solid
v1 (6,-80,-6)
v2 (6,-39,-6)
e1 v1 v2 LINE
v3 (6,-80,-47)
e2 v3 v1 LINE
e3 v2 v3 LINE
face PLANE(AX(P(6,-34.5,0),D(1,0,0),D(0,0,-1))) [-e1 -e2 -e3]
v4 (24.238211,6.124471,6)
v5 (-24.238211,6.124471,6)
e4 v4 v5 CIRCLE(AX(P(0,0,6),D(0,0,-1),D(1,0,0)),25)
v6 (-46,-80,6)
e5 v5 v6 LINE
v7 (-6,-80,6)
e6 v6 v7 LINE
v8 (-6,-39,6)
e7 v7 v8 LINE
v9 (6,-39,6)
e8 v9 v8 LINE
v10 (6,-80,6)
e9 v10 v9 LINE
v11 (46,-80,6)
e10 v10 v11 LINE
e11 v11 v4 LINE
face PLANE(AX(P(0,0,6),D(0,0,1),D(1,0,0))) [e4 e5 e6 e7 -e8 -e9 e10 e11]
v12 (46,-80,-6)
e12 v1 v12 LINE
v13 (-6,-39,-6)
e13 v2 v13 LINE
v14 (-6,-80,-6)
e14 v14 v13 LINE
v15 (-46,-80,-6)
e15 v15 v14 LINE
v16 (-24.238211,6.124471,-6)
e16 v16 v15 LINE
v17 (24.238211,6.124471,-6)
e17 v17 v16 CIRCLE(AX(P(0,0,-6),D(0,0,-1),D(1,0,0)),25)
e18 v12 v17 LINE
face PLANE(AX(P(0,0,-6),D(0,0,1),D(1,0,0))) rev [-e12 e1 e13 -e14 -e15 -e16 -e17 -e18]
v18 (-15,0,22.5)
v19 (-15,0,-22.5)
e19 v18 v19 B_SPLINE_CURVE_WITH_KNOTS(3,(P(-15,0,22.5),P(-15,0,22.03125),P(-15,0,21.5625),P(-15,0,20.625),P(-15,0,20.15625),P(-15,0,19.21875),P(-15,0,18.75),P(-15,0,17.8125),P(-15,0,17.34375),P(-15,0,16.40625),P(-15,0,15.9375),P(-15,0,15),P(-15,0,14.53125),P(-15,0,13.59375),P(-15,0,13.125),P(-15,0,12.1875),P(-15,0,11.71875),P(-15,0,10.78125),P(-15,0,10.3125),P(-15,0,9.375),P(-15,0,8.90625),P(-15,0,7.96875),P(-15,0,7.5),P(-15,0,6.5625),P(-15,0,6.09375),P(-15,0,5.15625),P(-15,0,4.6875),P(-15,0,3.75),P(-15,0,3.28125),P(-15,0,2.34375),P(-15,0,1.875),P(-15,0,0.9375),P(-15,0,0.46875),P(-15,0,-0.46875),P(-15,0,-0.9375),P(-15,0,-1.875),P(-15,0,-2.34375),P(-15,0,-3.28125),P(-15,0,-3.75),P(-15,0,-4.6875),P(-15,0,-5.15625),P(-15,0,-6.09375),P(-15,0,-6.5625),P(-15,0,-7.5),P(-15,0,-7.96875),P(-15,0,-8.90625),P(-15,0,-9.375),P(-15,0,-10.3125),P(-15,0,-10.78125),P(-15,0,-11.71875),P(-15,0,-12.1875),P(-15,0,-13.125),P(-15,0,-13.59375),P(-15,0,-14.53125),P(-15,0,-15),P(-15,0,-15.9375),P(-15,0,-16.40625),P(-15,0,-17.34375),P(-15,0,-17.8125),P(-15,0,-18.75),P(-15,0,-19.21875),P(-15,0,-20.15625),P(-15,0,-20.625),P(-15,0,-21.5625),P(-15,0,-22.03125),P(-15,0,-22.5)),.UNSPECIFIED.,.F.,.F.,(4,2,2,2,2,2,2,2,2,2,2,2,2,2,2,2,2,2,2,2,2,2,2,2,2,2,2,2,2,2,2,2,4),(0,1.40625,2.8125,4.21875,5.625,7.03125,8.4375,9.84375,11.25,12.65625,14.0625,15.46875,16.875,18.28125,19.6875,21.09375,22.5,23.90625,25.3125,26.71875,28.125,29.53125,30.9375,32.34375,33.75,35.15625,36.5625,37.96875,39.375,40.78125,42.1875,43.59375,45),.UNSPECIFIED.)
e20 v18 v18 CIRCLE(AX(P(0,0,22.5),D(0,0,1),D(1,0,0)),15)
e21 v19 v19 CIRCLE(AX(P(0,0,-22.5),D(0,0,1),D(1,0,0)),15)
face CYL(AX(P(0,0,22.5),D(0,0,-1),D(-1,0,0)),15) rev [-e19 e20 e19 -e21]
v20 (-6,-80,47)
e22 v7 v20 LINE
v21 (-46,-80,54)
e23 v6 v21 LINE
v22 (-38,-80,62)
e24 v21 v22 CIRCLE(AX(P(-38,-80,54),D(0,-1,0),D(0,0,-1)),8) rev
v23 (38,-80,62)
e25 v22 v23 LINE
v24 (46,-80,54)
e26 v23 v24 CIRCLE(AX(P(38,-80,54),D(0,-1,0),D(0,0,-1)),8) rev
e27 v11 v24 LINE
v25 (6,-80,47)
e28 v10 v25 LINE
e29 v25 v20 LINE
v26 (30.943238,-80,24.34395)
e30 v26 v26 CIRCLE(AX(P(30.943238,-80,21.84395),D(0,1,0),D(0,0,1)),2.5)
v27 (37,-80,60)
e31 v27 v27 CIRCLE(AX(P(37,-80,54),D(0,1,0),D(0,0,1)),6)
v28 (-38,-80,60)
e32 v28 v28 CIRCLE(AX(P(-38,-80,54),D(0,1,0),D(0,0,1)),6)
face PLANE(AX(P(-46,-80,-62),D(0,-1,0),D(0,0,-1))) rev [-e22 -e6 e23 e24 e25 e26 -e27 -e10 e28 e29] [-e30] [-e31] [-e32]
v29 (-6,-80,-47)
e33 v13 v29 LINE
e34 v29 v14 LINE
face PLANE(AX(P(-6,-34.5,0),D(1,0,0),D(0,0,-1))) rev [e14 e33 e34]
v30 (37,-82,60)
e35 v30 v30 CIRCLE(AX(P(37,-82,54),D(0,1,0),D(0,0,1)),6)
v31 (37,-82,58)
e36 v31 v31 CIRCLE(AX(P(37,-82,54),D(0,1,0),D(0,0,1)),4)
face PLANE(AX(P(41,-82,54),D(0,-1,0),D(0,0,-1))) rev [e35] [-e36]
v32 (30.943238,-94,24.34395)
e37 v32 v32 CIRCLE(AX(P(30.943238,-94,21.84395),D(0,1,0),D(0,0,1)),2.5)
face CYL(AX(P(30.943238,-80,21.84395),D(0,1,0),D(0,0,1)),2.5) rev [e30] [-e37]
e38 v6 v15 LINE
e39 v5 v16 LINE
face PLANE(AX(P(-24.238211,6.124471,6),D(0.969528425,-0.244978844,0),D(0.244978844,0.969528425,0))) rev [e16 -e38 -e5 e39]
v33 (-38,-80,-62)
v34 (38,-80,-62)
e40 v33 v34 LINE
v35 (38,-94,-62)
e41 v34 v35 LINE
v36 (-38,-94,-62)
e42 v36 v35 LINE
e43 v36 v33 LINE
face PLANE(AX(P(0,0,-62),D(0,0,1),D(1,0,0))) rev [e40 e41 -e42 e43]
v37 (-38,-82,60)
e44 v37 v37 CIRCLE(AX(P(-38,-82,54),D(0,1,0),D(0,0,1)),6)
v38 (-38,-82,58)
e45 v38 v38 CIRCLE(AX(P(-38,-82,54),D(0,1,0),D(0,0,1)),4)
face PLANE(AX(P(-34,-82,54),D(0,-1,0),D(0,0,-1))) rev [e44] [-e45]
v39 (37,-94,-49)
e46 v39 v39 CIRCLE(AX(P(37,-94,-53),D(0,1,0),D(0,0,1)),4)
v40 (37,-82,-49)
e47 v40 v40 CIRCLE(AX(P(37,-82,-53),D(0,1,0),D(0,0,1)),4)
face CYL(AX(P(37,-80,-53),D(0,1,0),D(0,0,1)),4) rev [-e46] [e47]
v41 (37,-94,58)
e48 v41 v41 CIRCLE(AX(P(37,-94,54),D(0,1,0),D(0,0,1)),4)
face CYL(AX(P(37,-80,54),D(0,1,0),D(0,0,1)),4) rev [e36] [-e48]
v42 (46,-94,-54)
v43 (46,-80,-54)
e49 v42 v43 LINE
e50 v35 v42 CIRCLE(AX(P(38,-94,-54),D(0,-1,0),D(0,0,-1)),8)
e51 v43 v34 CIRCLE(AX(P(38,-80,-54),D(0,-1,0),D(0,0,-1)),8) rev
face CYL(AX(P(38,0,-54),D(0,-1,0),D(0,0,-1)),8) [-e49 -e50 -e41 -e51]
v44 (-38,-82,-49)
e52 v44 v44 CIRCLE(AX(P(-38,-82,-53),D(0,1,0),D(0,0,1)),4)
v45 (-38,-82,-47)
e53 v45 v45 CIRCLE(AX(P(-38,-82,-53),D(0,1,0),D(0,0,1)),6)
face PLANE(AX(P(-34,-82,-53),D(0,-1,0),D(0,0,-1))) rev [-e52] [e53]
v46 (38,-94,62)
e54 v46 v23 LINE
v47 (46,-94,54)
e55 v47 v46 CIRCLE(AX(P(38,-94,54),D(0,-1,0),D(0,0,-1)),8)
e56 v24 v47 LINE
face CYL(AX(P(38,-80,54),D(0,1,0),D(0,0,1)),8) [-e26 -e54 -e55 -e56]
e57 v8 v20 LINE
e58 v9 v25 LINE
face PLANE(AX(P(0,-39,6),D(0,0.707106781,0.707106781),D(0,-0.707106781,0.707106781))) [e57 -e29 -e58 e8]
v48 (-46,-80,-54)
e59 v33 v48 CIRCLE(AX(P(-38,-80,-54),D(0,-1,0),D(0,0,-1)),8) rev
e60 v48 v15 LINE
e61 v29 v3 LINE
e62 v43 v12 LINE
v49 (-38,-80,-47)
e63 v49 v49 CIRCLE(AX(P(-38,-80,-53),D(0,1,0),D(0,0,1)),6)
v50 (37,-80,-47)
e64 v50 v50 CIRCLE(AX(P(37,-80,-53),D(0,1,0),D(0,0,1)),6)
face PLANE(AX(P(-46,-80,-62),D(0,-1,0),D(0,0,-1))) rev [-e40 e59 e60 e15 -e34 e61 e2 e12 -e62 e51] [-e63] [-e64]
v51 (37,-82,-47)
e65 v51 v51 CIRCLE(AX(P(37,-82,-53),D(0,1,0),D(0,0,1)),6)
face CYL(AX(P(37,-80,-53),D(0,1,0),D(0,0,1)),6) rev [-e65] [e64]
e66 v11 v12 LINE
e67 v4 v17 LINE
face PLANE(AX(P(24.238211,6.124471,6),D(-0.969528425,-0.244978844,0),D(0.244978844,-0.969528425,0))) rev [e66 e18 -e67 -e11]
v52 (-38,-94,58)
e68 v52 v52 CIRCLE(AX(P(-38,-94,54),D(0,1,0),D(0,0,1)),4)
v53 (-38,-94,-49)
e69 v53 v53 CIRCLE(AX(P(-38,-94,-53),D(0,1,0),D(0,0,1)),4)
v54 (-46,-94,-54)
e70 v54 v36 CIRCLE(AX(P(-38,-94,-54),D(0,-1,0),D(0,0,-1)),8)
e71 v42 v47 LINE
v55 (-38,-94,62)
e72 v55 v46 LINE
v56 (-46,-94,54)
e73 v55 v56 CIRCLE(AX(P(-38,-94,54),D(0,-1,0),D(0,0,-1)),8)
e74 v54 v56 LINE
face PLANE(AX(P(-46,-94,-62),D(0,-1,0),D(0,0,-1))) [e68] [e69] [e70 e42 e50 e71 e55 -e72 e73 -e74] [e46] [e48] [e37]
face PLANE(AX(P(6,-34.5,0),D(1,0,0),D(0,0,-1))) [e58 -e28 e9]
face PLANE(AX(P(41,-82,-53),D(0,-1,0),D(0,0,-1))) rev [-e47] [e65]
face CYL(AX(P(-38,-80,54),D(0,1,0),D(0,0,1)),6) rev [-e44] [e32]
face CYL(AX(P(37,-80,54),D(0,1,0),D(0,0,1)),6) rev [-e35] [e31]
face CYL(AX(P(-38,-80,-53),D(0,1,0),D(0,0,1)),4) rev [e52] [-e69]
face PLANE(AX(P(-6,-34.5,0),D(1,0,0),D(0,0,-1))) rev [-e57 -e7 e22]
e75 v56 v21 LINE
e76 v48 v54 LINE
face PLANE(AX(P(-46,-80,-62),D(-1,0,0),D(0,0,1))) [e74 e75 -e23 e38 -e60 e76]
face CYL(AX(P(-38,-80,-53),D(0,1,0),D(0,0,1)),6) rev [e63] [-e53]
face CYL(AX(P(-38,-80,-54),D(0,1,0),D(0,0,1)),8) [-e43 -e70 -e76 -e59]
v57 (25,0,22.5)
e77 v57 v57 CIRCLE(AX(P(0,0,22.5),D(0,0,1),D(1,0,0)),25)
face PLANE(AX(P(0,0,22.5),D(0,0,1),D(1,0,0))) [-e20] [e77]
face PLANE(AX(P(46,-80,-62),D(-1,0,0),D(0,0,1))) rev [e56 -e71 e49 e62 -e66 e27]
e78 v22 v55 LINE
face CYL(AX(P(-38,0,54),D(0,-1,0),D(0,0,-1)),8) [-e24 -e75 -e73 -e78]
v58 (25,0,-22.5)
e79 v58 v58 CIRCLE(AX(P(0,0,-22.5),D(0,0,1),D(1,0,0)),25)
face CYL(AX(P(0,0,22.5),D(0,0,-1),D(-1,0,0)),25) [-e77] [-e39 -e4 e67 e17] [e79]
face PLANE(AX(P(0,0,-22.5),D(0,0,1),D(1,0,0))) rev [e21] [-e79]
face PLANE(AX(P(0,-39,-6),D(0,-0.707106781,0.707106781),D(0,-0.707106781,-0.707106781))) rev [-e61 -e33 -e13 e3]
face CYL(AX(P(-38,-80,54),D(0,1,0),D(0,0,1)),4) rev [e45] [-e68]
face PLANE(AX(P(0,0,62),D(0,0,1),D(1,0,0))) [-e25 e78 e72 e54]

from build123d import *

# Parameters (mm, degrees)
SKETCH_1_R                   = 25
SKETCH_1_R_2                 = 15
EXTRUDE_1_DEPTH              = 22.5
SKETCH_2_W                   = 92
SKETCH_2_H                   = 14
EXTRUDE_2_DEPTH              = 62
EXTRUDE_3_DEPTH              = 6
RIB_1_REACH                  = 123.639
SKETCH_4_WALL_W              = 303.26037525
SKETCH_4_WALL_H              = 12
FILLET_1_R                   = 8
HOLE_WIZARD_M5_1_D           = 8
HOLE_WIZARD_M5_1_CBORE_D     = 12
HOLE_WIZARD_M5_1_CBORE_DEPTH = 2
HOLE_WIZARD_M6_1_D           = 5
PATTERN_LINEAR_7_COUNT       = 2
PATTERN_LINEAR_7_PITCH       = 75
PATTERN_LINEAR_7_COUNT_DIR2  = 2
PATTERN_LINEAR_7_PITCH_DIR2  = 107


with BuildPart() as part:
    # 스케치1 → 보스-돌출1 (new, symmetric)
    with BuildSketch(Plane.XY):
        with Locations(Location((0, 0, 0), (0, 0, 180))):
            Circle(SKETCH_1_R)
        with Locations(Location((0, 0, 0), (0, 0, 180))):
            Circle(SKETCH_1_R_2, mode=Mode.SUBTRACT)
    extrude(amount=EXTRUDE_1_DEPTH, both=True)



with BuildPart() as body_2:
    # 스케치2 → 보스-돌출2 (new, symmetric)
    with BuildSketch(Plane.XY):
        with Locations((0, -87)):
            Rectangle(SKETCH_2_W, SKETCH_2_H)
    extrude(amount=EXTRUDE_2_DEPTH, both=True)


with BuildPart() as part_1:
    add(part.part)

    add(body_2.part)  # 보스-돌출3 merges body 2
    # 스케치3 → 보스-돌출3 (add, symmetric)
    with BuildSketch(Plane.XY):
        with BuildLine():
            Line((-24.238210613, 6.124471102), (-46, -80))
            Line((-46, -80), (46, -80))
            Line((46, -80), (24.238210613, 6.124471102))
            ThreePointArc((24.238210613, 6.124471102), (0, -25), (-24.238210613, 6.124471102))
        make_face()
    extrude(amount=EXTRUDE_3_DEPTH, both=True)

    # 스케치4 wall → 보강대1 (add, up to next)
    with BuildSketch(Plane(origin=(0, -59.5, 26.5), x_dir=(0, -0.707106781187, 0.707106781187), z_dir=(0, -0.707106781187, -0.707106781187)), mode=Mode.PRIVATE) as rib_1_sk1:
        Rectangle(SKETCH_4_WALL_W, SKETCH_4_WALL_H)
    rib_1_tool1 = extrude(rib_1_sk1.sketch, amount=RIB_1_REACH, mode=Mode.PRIVATE) - part_1.part
    rib_1 = rib_1_tool1.solids().sort_by_distance((0, -59.5, 26.5))[0]
    add(rib_1)

    # 대칭 복사1: 보강대1 across plane
    add(rib_1.mirror(Plane.XY))

    # 필렛1
    fillet_1_edges = [part_1.edges().sort_by_distance(p)[0] for p in [
        (-46, -87, -62),
        (46, -87, 62),
        (46, -87, -62),
        (-46, -87, 62),
    ]]
    fillet(fillet_1_edges, radius=FILLET_1_R)

    # M5 소켓 머리 캡 나사용 카운터보어1 (through all)
    with Locations(Plane(origin=(-38, -80, 54), x_dir=(0, 0, 1), z_dir=(0, 1, 0))):
        with Locations((0, 0)):
            hole_wizard_m5_1 = CounterBoreHole(HOLE_WIZARD_M5_1_D / 2, HOLE_WIZARD_M5_1_CBORE_D / 2, HOLE_WIZARD_M5_1_CBORE_DEPTH)

    # M6 나사 구멍1 (through all)
    with Locations(Plane(origin=(30.943238256, -80, 21.843950173), x_dir=(0, 0, 1), z_dir=(0, 1, 0))):
        with Locations((0, 0)):
            Hole(HOLE_WIZARD_M6_1_D / 2)

    # 선형 패턴7: Hole Wizard M5 _ _ _ _ _1 2 × 2
    with Locations(*[(i * PATTERN_LINEAR_7_PITCH, 0, -j * PATTERN_LINEAR_7_PITCH_DIR2) for i in range(PATTERN_LINEAR_7_COUNT) for j in range(PATTERN_LINEAR_7_COUNT_DIR2) if (i, j) != (0, 0)]):
        add(hole_wizard_m5_1, mode=Mode.SUBTRACT)


solid = part_1.part
